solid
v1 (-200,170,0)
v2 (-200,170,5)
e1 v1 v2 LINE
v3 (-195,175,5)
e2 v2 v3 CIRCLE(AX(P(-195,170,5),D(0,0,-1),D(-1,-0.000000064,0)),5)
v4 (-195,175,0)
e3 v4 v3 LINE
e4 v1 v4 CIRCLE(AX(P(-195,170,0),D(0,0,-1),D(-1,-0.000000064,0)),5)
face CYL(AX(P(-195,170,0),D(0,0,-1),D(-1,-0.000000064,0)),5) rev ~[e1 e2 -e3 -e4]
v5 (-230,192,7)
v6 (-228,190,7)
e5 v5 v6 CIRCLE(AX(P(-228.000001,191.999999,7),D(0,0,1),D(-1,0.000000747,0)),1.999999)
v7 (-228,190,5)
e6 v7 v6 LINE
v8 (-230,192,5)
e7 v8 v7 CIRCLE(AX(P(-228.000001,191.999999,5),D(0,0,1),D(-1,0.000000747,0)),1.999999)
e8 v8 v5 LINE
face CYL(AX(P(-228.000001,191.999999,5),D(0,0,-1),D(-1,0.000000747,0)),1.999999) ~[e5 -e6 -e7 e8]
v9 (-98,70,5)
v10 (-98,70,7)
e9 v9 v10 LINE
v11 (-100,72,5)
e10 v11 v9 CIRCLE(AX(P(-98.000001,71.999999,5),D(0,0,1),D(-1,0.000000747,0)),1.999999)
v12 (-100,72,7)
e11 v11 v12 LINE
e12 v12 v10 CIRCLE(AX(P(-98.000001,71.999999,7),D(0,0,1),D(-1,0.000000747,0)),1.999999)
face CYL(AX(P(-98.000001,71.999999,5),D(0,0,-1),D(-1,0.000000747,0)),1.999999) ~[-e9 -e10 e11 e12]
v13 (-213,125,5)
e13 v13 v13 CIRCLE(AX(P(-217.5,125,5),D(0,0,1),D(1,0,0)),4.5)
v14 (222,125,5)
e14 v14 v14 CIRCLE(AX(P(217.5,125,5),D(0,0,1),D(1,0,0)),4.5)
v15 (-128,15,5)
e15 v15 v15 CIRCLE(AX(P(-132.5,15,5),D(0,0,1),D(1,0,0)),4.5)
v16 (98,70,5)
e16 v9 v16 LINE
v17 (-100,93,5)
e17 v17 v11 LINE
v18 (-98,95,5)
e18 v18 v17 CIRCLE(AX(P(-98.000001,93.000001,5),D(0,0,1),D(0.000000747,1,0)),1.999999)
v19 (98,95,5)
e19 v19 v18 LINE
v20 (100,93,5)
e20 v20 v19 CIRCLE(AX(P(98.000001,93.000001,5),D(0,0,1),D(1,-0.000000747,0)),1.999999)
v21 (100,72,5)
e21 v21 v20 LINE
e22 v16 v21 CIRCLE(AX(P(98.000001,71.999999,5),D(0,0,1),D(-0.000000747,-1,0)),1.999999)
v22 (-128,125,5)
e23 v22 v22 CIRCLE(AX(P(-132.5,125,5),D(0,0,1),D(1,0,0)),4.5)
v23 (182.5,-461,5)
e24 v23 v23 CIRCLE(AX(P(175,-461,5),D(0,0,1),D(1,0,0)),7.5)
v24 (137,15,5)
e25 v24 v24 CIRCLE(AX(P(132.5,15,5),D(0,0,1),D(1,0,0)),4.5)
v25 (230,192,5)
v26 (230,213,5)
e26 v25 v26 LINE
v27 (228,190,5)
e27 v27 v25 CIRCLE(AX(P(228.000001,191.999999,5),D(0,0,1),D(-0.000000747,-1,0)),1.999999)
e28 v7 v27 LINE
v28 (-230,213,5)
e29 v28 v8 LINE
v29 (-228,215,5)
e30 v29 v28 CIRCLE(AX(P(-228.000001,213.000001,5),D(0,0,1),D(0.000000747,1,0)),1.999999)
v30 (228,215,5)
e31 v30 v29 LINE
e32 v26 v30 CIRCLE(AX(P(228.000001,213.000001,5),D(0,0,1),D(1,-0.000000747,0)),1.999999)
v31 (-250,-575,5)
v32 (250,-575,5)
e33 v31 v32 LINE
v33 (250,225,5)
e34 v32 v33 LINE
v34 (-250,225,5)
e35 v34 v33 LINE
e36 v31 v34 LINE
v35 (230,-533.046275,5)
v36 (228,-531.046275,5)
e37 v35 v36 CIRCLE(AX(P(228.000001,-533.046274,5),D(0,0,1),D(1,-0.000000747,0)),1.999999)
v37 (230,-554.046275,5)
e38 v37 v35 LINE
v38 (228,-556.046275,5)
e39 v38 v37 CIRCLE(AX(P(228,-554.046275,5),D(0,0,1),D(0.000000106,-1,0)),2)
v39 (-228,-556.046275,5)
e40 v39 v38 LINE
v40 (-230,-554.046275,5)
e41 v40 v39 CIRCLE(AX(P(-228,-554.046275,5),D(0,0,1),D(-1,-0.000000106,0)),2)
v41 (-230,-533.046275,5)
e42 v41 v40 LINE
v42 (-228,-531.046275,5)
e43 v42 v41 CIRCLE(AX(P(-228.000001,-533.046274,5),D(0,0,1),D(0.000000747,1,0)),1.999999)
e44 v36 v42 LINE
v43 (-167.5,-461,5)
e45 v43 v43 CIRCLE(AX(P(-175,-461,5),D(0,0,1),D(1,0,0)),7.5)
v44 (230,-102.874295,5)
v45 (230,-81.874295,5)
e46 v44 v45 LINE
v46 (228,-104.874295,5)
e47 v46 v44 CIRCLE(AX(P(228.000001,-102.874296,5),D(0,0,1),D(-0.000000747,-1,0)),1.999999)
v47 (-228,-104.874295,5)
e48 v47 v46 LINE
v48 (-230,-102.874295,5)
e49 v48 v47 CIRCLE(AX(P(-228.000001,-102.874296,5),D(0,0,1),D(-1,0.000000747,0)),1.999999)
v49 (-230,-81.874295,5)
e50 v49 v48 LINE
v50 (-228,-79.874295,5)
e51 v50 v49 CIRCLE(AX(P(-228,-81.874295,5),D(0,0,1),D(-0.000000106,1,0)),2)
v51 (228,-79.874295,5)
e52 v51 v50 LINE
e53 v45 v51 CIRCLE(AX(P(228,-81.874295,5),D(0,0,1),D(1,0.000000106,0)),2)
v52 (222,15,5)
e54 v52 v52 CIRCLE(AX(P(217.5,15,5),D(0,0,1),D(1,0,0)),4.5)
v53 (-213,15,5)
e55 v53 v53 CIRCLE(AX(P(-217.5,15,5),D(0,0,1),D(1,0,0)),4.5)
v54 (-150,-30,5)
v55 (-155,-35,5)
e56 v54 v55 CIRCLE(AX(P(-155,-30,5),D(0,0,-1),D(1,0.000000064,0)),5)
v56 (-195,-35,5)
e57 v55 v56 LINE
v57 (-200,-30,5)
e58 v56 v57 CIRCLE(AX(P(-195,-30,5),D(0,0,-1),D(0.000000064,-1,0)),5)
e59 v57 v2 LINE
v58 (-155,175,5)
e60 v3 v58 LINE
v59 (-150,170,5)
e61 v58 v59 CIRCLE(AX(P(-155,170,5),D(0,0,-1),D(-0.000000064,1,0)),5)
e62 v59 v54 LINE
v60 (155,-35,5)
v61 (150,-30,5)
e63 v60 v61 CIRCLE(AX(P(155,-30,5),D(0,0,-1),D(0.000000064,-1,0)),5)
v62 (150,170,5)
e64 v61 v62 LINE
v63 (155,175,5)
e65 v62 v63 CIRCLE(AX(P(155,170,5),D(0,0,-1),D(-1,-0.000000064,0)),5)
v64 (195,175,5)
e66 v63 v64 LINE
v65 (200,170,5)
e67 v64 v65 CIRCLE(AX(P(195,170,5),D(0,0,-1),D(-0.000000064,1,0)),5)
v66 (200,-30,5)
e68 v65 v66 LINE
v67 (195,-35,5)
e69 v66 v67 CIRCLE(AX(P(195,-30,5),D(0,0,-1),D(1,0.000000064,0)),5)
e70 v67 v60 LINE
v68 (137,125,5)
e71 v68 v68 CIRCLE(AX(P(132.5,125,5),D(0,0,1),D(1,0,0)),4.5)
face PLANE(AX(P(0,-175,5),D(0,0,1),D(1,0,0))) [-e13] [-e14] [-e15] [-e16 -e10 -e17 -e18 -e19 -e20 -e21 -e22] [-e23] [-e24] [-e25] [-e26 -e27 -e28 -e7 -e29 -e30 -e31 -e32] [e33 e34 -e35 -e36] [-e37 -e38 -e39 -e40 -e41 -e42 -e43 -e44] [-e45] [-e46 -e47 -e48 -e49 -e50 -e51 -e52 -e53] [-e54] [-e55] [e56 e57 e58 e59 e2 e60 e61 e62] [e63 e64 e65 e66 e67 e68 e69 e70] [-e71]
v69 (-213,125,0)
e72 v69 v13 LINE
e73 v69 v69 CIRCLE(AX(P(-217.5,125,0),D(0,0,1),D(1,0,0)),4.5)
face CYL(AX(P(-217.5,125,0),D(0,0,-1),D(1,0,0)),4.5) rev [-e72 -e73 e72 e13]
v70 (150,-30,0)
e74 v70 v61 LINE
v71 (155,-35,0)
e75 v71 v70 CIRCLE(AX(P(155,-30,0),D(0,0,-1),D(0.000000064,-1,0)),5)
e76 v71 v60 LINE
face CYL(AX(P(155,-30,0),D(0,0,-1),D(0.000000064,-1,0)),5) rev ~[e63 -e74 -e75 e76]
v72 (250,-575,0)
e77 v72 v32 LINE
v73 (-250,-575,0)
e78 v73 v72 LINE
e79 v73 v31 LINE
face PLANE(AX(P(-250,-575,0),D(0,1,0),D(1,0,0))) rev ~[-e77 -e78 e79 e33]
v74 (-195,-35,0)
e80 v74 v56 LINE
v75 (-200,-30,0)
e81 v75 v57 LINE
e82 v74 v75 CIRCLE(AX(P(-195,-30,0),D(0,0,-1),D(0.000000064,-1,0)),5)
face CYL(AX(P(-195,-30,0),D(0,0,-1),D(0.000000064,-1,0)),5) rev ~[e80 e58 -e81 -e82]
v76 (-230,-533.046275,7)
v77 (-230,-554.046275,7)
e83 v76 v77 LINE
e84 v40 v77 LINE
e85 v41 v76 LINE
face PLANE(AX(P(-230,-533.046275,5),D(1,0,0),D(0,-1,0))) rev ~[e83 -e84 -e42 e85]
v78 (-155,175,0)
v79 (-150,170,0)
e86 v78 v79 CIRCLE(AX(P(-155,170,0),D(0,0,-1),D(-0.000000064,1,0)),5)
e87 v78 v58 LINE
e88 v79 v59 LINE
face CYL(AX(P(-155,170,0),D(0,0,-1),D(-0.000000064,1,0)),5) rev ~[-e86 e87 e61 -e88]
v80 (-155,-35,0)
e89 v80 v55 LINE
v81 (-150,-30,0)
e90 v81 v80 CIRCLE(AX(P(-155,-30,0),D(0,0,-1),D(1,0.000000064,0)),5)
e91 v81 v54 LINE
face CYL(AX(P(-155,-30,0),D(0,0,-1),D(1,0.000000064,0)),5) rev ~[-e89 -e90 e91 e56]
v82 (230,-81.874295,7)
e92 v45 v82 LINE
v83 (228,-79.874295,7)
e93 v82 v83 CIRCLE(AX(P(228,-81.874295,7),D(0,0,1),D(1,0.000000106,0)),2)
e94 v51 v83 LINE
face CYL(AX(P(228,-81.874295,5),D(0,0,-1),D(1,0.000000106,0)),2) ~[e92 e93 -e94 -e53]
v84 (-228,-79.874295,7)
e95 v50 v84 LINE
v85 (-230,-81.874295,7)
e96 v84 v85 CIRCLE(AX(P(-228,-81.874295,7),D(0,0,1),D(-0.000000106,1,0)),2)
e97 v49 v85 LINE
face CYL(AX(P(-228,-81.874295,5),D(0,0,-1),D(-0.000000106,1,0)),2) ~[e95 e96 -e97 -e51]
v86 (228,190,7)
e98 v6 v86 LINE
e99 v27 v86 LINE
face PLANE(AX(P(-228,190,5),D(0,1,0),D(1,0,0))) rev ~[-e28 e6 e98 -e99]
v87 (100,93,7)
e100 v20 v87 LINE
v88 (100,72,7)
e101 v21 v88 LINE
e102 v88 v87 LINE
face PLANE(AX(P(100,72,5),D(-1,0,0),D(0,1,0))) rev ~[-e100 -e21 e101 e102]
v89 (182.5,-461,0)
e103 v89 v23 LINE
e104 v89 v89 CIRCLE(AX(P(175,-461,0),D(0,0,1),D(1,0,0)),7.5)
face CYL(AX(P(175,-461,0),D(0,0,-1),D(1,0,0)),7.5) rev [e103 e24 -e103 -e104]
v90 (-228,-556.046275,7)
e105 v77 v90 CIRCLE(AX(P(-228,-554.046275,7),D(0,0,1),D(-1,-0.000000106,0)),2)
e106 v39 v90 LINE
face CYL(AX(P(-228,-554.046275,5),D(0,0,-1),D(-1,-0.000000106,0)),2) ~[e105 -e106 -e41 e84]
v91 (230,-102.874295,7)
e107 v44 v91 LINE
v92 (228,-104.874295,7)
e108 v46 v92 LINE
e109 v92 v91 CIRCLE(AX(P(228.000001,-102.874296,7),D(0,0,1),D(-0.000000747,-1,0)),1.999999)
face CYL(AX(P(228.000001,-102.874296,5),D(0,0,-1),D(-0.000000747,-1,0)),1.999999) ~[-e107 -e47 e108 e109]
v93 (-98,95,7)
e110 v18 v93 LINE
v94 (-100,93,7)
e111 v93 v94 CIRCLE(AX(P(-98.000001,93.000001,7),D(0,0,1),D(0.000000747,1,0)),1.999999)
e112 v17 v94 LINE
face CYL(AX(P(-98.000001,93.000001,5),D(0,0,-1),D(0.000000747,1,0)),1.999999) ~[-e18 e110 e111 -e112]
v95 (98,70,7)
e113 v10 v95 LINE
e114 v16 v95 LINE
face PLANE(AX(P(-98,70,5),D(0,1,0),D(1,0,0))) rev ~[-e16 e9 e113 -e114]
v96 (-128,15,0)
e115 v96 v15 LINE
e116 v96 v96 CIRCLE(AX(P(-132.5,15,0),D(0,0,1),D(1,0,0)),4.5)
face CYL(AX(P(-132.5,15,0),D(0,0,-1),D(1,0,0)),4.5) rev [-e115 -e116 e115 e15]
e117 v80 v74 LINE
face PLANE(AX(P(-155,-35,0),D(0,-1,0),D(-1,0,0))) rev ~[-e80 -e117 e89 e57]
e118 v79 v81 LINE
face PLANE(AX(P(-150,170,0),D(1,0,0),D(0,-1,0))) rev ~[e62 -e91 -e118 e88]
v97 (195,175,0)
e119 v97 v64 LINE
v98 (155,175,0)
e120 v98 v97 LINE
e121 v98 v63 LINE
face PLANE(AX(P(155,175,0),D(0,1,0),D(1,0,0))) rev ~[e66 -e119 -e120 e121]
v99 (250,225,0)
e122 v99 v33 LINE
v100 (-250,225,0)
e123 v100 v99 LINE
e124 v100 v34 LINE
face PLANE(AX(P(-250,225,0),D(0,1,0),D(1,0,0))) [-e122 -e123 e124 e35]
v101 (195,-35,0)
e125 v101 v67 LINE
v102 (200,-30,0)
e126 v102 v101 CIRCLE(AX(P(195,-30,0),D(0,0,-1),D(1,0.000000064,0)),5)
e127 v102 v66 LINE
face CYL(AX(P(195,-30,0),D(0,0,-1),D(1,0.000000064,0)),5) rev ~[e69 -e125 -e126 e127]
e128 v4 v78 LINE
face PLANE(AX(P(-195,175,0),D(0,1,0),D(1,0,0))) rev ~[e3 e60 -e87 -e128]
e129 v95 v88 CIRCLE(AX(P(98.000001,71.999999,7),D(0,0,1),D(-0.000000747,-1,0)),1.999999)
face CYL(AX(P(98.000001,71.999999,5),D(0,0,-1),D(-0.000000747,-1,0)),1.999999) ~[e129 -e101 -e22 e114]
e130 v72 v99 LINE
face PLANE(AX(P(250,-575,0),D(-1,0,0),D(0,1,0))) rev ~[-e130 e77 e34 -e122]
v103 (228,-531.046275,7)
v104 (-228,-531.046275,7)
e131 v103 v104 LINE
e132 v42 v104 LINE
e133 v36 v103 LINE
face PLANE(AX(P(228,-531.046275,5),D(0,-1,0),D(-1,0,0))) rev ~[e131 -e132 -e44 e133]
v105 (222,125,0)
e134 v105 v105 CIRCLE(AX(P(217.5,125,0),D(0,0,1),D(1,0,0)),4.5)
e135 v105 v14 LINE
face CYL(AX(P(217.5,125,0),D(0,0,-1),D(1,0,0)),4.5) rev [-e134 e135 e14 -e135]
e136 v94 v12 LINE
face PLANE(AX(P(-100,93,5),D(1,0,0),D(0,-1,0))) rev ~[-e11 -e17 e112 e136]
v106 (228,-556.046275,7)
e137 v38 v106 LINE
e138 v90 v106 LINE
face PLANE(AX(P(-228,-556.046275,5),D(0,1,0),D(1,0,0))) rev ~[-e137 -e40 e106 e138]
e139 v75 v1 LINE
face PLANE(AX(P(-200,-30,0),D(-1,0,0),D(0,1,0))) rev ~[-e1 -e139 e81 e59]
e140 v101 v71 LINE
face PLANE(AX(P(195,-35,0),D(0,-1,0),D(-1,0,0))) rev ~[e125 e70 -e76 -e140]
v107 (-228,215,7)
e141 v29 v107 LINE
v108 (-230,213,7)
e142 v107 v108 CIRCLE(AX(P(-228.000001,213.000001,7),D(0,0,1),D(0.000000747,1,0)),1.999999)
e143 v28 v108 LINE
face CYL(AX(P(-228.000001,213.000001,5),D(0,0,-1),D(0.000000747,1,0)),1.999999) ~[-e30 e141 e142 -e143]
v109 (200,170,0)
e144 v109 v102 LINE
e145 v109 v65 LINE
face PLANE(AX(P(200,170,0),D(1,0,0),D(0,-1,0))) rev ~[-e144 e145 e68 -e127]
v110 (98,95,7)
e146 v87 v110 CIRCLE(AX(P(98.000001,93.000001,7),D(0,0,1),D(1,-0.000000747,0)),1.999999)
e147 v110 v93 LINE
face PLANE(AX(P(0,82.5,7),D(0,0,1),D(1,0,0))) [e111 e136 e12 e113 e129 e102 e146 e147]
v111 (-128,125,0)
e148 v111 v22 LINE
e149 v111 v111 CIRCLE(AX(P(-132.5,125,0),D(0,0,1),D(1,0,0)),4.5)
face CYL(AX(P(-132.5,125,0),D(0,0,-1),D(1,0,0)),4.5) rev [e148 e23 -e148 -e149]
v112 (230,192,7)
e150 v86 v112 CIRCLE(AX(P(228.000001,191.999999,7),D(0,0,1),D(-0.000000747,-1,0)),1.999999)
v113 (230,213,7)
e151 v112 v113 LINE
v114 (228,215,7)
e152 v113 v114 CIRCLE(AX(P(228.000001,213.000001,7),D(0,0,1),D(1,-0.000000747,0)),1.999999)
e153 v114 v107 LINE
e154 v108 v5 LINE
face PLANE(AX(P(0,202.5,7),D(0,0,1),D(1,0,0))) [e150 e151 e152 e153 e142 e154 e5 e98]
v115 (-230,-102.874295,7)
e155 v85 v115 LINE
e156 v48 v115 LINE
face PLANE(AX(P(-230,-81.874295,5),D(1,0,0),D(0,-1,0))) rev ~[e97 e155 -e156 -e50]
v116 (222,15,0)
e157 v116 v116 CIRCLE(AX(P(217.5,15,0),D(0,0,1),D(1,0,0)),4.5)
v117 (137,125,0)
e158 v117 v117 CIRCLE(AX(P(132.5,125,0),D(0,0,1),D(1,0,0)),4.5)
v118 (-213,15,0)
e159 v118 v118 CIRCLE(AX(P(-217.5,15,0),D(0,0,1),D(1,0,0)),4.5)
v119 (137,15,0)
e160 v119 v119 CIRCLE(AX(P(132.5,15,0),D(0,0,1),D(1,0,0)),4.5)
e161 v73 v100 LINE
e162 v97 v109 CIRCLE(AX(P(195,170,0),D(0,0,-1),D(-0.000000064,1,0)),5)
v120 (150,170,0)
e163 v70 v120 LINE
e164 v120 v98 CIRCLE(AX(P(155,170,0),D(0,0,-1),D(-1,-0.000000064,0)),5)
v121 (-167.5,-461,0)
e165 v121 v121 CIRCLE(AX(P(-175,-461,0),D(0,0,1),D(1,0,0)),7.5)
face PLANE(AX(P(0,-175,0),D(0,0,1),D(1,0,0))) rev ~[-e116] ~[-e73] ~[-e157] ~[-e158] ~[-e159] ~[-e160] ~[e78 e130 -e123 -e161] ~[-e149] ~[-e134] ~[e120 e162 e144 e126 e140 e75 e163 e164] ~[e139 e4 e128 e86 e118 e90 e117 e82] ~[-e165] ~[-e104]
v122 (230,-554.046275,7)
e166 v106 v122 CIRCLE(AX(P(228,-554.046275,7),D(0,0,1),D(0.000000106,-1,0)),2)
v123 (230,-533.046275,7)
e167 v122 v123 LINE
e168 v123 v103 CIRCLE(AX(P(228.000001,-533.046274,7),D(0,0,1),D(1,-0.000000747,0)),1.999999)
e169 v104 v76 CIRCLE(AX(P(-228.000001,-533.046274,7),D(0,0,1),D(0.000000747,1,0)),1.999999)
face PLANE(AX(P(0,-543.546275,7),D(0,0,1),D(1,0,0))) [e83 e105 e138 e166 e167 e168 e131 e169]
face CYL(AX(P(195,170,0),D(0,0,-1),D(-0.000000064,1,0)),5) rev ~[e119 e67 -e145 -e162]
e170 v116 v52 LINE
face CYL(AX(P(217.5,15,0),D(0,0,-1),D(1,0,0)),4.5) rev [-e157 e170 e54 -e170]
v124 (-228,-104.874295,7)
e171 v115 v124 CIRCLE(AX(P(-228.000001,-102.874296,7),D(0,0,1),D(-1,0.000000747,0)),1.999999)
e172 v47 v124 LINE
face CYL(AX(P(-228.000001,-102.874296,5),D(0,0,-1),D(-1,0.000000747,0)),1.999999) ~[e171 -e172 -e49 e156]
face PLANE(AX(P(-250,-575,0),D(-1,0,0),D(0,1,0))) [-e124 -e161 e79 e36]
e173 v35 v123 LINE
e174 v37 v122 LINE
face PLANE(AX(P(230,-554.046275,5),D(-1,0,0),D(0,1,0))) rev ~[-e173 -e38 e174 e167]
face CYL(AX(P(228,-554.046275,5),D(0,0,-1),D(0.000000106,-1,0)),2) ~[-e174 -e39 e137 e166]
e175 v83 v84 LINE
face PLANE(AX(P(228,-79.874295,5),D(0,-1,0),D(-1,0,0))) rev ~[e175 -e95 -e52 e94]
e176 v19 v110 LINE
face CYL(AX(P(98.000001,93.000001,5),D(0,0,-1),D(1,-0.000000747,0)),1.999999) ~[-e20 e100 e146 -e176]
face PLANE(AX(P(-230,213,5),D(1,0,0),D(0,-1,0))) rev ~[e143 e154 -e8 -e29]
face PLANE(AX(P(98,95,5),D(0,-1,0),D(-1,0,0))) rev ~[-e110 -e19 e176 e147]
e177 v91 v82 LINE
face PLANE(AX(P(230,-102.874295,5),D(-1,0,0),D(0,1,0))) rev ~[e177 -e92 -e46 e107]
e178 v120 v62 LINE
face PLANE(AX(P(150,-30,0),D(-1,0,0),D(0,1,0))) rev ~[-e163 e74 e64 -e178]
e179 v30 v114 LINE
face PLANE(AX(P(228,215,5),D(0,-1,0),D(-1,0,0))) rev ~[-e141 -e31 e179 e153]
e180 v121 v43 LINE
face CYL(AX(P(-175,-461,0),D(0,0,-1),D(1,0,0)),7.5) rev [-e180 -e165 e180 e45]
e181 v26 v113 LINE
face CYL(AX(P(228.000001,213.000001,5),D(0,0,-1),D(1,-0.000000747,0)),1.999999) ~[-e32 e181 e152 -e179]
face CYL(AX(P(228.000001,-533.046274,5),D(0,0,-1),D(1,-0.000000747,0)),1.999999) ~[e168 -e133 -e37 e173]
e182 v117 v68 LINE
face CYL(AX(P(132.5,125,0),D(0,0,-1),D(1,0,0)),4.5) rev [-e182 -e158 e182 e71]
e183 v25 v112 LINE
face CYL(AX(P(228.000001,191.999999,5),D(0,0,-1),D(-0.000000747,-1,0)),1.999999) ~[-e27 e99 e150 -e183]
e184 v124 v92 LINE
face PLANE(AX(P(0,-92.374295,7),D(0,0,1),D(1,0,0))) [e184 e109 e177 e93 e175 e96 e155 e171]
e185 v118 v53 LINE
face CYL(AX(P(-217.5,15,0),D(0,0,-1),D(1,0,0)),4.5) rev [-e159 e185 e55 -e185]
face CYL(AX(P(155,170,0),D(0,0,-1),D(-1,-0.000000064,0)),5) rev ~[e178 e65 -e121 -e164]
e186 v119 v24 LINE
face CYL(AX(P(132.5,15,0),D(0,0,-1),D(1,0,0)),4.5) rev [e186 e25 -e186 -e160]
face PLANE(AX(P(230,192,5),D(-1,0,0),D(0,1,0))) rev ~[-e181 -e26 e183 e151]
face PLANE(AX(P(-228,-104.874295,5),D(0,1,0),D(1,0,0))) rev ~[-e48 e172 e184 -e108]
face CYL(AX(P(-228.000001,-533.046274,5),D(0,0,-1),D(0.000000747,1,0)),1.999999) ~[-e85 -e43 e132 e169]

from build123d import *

# Parameters (mm, degrees)
F0_W     = 500
F0_H     = 800
F0_R     = 7.5
F0_R_2   = 4.5
F1_DEPTH = 5
F3_DEPTH = 2


with BuildPart() as f1:
    # F0 (on Top) → F1 (new body)
    with BuildSketch(Plane.XY):
        with Locations((0, -175)):
            Rectangle(F0_W, F0_H)
        with Locations((-175, -461)):
            Circle(F0_R, mode=Mode.SUBTRACT)
        with Locations((175, -461)):
            Circle(F0_R, mode=Mode.SUBTRACT)
        with Locations((-217.5, 15)):
            Circle(F0_R_2, mode=Mode.SUBTRACT)
        with Locations((-132.5, 15)):
            Circle(F0_R_2, mode=Mode.SUBTRACT)
        with BuildLine():
            ThreePointArc((-200, 170), (-198.535534, 173.535534), (-195, 175))
            Line((-195, 175), (-155, 175))
            ThreePointArc((-155, 175), (-151.464466, 173.535534), (-150, 170))
            Line((-150, 170), (-150, -30))
            ThreePointArc((-150, -30), (-151.464466, -33.535534), (-155, -35))
            Line((-155, -35), (-195, -35))
            ThreePointArc((-195, -35), (-198.535534, -33.535534), (-200, -30))
            Line((-200, -30), (-200, 170))
        make_face(mode=Mode.SUBTRACT)
        with Locations((-217.5, 125)):
            Circle(F0_R_2, mode=Mode.SUBTRACT)
        with Locations((-132.5, 125)):
            Circle(F0_R_2, mode=Mode.SUBTRACT)
        with Locations((132.5, 15)):
            Circle(F0_R_2, mode=Mode.SUBTRACT)
        with Locations((217.5, 15)):
            Circle(F0_R_2, mode=Mode.SUBTRACT)
        with BuildLine():
            Line((195, -35), (155, -35))
            ThreePointArc((155, -35), (151.464466, -33.535534), (150, -30))
            Line((150, -30), (150, 170))
            ThreePointArc((150, 170), (151.464466, 173.535534), (155, 175))
            Line((155, 175), (195, 175))
            ThreePointArc((195, 175), (198.535534, 173.535534), (200, 170))
            Line((200, 170), (200, -30))
            ThreePointArc((200, -30), (198.535534, -33.535534), (195, -35))
        make_face(mode=Mode.SUBTRACT)
        with Locations((132.5, 125)):
            Circle(F0_R_2, mode=Mode.SUBTRACT)
        with Locations((217.5, 125)):
            Circle(F0_R_2, mode=Mode.SUBTRACT)
    extrude(amount=F1_DEPTH)

    # F2 (on face) → F3 (join)
    with BuildSketch(Plane.XY.offset(5)):
        with BuildLine():
            Line((228, 215), (-228, 215))
            ThreePointArc((-228, 215), (-229.414214, 214.414214), (-230, 213))
            Line((-230, 213), (-230, 192))
            ThreePointArc((-230, 192), (-229.414214, 190.585786), (-228, 190))
            Line((-228, 190), (228, 190))
            ThreePointArc((228, 190), (229.414214, 190.585786), (230, 192))
            Line((230, 192), (230, 213))
            ThreePointArc((230, 213), (229.414214, 214.414214), (228, 215))
        make_face()
        with BuildLine():
            Line((98, 95), (-98, 95))
            ThreePointArc((-98, 95), (-99.414214, 94.414214), (-100, 93))
            Line((-100, 93), (-100, 72))
            ThreePointArc((-100, 72), (-99.414214, 70.585786), (-98, 70))
            Line((-98, 70), (98, 70))
            ThreePointArc((98, 70), (99.414214, 70.585786), (100, 72))
            Line((100, 72), (100, 93))
            ThreePointArc((100, 93), (99.414214, 94.414214), (98, 95))
        make_face()
        with BuildLine():
            Line((228, -79.874295), (-228, -79.874295))
            ThreePointArc((-228, -79.874295), (-229.414214, -80.460082), (-230, -81.874295))
            Line((-230, -81.874295), (-230, -102.874295))
            ThreePointArc((-230, -102.874295), (-229.414214, -104.288509), (-228, -104.874295))
            Line((-228, -104.874295), (228, -104.874295))
            ThreePointArc((228, -104.874295), (229.414214, -104.288509), (230, -102.874295))
            Line((230, -102.874295), (230, -81.874295))
            ThreePointArc((230, -81.874295), (229.414214, -80.460082), (228, -79.874295))
        make_face()
        with BuildLine():
            Line((228, -531.046275), (-228, -531.046275))
            ThreePointArc((-228, -531.046275), (-229.414214, -531.632061), (-230, -533.046275))
            Line((-230, -533.046275), (-230, -554.046275))
            ThreePointArc((-230, -554.046275), (-229.414214, -555.460488), (-228, -556.046275))
            Line((-228, -556.046275), (228, -556.046275))
            ThreePointArc((228, -556.046275), (229.414214, -555.460488), (230, -554.046275))
            Line((230, -554.046275), (230, -533.046275))
            ThreePointArc((230, -533.046275), (229.414214, -531.632061), (228, -531.046275))
        make_face()
    extrude(amount=F3_DEPTH)


solid = f1.part
